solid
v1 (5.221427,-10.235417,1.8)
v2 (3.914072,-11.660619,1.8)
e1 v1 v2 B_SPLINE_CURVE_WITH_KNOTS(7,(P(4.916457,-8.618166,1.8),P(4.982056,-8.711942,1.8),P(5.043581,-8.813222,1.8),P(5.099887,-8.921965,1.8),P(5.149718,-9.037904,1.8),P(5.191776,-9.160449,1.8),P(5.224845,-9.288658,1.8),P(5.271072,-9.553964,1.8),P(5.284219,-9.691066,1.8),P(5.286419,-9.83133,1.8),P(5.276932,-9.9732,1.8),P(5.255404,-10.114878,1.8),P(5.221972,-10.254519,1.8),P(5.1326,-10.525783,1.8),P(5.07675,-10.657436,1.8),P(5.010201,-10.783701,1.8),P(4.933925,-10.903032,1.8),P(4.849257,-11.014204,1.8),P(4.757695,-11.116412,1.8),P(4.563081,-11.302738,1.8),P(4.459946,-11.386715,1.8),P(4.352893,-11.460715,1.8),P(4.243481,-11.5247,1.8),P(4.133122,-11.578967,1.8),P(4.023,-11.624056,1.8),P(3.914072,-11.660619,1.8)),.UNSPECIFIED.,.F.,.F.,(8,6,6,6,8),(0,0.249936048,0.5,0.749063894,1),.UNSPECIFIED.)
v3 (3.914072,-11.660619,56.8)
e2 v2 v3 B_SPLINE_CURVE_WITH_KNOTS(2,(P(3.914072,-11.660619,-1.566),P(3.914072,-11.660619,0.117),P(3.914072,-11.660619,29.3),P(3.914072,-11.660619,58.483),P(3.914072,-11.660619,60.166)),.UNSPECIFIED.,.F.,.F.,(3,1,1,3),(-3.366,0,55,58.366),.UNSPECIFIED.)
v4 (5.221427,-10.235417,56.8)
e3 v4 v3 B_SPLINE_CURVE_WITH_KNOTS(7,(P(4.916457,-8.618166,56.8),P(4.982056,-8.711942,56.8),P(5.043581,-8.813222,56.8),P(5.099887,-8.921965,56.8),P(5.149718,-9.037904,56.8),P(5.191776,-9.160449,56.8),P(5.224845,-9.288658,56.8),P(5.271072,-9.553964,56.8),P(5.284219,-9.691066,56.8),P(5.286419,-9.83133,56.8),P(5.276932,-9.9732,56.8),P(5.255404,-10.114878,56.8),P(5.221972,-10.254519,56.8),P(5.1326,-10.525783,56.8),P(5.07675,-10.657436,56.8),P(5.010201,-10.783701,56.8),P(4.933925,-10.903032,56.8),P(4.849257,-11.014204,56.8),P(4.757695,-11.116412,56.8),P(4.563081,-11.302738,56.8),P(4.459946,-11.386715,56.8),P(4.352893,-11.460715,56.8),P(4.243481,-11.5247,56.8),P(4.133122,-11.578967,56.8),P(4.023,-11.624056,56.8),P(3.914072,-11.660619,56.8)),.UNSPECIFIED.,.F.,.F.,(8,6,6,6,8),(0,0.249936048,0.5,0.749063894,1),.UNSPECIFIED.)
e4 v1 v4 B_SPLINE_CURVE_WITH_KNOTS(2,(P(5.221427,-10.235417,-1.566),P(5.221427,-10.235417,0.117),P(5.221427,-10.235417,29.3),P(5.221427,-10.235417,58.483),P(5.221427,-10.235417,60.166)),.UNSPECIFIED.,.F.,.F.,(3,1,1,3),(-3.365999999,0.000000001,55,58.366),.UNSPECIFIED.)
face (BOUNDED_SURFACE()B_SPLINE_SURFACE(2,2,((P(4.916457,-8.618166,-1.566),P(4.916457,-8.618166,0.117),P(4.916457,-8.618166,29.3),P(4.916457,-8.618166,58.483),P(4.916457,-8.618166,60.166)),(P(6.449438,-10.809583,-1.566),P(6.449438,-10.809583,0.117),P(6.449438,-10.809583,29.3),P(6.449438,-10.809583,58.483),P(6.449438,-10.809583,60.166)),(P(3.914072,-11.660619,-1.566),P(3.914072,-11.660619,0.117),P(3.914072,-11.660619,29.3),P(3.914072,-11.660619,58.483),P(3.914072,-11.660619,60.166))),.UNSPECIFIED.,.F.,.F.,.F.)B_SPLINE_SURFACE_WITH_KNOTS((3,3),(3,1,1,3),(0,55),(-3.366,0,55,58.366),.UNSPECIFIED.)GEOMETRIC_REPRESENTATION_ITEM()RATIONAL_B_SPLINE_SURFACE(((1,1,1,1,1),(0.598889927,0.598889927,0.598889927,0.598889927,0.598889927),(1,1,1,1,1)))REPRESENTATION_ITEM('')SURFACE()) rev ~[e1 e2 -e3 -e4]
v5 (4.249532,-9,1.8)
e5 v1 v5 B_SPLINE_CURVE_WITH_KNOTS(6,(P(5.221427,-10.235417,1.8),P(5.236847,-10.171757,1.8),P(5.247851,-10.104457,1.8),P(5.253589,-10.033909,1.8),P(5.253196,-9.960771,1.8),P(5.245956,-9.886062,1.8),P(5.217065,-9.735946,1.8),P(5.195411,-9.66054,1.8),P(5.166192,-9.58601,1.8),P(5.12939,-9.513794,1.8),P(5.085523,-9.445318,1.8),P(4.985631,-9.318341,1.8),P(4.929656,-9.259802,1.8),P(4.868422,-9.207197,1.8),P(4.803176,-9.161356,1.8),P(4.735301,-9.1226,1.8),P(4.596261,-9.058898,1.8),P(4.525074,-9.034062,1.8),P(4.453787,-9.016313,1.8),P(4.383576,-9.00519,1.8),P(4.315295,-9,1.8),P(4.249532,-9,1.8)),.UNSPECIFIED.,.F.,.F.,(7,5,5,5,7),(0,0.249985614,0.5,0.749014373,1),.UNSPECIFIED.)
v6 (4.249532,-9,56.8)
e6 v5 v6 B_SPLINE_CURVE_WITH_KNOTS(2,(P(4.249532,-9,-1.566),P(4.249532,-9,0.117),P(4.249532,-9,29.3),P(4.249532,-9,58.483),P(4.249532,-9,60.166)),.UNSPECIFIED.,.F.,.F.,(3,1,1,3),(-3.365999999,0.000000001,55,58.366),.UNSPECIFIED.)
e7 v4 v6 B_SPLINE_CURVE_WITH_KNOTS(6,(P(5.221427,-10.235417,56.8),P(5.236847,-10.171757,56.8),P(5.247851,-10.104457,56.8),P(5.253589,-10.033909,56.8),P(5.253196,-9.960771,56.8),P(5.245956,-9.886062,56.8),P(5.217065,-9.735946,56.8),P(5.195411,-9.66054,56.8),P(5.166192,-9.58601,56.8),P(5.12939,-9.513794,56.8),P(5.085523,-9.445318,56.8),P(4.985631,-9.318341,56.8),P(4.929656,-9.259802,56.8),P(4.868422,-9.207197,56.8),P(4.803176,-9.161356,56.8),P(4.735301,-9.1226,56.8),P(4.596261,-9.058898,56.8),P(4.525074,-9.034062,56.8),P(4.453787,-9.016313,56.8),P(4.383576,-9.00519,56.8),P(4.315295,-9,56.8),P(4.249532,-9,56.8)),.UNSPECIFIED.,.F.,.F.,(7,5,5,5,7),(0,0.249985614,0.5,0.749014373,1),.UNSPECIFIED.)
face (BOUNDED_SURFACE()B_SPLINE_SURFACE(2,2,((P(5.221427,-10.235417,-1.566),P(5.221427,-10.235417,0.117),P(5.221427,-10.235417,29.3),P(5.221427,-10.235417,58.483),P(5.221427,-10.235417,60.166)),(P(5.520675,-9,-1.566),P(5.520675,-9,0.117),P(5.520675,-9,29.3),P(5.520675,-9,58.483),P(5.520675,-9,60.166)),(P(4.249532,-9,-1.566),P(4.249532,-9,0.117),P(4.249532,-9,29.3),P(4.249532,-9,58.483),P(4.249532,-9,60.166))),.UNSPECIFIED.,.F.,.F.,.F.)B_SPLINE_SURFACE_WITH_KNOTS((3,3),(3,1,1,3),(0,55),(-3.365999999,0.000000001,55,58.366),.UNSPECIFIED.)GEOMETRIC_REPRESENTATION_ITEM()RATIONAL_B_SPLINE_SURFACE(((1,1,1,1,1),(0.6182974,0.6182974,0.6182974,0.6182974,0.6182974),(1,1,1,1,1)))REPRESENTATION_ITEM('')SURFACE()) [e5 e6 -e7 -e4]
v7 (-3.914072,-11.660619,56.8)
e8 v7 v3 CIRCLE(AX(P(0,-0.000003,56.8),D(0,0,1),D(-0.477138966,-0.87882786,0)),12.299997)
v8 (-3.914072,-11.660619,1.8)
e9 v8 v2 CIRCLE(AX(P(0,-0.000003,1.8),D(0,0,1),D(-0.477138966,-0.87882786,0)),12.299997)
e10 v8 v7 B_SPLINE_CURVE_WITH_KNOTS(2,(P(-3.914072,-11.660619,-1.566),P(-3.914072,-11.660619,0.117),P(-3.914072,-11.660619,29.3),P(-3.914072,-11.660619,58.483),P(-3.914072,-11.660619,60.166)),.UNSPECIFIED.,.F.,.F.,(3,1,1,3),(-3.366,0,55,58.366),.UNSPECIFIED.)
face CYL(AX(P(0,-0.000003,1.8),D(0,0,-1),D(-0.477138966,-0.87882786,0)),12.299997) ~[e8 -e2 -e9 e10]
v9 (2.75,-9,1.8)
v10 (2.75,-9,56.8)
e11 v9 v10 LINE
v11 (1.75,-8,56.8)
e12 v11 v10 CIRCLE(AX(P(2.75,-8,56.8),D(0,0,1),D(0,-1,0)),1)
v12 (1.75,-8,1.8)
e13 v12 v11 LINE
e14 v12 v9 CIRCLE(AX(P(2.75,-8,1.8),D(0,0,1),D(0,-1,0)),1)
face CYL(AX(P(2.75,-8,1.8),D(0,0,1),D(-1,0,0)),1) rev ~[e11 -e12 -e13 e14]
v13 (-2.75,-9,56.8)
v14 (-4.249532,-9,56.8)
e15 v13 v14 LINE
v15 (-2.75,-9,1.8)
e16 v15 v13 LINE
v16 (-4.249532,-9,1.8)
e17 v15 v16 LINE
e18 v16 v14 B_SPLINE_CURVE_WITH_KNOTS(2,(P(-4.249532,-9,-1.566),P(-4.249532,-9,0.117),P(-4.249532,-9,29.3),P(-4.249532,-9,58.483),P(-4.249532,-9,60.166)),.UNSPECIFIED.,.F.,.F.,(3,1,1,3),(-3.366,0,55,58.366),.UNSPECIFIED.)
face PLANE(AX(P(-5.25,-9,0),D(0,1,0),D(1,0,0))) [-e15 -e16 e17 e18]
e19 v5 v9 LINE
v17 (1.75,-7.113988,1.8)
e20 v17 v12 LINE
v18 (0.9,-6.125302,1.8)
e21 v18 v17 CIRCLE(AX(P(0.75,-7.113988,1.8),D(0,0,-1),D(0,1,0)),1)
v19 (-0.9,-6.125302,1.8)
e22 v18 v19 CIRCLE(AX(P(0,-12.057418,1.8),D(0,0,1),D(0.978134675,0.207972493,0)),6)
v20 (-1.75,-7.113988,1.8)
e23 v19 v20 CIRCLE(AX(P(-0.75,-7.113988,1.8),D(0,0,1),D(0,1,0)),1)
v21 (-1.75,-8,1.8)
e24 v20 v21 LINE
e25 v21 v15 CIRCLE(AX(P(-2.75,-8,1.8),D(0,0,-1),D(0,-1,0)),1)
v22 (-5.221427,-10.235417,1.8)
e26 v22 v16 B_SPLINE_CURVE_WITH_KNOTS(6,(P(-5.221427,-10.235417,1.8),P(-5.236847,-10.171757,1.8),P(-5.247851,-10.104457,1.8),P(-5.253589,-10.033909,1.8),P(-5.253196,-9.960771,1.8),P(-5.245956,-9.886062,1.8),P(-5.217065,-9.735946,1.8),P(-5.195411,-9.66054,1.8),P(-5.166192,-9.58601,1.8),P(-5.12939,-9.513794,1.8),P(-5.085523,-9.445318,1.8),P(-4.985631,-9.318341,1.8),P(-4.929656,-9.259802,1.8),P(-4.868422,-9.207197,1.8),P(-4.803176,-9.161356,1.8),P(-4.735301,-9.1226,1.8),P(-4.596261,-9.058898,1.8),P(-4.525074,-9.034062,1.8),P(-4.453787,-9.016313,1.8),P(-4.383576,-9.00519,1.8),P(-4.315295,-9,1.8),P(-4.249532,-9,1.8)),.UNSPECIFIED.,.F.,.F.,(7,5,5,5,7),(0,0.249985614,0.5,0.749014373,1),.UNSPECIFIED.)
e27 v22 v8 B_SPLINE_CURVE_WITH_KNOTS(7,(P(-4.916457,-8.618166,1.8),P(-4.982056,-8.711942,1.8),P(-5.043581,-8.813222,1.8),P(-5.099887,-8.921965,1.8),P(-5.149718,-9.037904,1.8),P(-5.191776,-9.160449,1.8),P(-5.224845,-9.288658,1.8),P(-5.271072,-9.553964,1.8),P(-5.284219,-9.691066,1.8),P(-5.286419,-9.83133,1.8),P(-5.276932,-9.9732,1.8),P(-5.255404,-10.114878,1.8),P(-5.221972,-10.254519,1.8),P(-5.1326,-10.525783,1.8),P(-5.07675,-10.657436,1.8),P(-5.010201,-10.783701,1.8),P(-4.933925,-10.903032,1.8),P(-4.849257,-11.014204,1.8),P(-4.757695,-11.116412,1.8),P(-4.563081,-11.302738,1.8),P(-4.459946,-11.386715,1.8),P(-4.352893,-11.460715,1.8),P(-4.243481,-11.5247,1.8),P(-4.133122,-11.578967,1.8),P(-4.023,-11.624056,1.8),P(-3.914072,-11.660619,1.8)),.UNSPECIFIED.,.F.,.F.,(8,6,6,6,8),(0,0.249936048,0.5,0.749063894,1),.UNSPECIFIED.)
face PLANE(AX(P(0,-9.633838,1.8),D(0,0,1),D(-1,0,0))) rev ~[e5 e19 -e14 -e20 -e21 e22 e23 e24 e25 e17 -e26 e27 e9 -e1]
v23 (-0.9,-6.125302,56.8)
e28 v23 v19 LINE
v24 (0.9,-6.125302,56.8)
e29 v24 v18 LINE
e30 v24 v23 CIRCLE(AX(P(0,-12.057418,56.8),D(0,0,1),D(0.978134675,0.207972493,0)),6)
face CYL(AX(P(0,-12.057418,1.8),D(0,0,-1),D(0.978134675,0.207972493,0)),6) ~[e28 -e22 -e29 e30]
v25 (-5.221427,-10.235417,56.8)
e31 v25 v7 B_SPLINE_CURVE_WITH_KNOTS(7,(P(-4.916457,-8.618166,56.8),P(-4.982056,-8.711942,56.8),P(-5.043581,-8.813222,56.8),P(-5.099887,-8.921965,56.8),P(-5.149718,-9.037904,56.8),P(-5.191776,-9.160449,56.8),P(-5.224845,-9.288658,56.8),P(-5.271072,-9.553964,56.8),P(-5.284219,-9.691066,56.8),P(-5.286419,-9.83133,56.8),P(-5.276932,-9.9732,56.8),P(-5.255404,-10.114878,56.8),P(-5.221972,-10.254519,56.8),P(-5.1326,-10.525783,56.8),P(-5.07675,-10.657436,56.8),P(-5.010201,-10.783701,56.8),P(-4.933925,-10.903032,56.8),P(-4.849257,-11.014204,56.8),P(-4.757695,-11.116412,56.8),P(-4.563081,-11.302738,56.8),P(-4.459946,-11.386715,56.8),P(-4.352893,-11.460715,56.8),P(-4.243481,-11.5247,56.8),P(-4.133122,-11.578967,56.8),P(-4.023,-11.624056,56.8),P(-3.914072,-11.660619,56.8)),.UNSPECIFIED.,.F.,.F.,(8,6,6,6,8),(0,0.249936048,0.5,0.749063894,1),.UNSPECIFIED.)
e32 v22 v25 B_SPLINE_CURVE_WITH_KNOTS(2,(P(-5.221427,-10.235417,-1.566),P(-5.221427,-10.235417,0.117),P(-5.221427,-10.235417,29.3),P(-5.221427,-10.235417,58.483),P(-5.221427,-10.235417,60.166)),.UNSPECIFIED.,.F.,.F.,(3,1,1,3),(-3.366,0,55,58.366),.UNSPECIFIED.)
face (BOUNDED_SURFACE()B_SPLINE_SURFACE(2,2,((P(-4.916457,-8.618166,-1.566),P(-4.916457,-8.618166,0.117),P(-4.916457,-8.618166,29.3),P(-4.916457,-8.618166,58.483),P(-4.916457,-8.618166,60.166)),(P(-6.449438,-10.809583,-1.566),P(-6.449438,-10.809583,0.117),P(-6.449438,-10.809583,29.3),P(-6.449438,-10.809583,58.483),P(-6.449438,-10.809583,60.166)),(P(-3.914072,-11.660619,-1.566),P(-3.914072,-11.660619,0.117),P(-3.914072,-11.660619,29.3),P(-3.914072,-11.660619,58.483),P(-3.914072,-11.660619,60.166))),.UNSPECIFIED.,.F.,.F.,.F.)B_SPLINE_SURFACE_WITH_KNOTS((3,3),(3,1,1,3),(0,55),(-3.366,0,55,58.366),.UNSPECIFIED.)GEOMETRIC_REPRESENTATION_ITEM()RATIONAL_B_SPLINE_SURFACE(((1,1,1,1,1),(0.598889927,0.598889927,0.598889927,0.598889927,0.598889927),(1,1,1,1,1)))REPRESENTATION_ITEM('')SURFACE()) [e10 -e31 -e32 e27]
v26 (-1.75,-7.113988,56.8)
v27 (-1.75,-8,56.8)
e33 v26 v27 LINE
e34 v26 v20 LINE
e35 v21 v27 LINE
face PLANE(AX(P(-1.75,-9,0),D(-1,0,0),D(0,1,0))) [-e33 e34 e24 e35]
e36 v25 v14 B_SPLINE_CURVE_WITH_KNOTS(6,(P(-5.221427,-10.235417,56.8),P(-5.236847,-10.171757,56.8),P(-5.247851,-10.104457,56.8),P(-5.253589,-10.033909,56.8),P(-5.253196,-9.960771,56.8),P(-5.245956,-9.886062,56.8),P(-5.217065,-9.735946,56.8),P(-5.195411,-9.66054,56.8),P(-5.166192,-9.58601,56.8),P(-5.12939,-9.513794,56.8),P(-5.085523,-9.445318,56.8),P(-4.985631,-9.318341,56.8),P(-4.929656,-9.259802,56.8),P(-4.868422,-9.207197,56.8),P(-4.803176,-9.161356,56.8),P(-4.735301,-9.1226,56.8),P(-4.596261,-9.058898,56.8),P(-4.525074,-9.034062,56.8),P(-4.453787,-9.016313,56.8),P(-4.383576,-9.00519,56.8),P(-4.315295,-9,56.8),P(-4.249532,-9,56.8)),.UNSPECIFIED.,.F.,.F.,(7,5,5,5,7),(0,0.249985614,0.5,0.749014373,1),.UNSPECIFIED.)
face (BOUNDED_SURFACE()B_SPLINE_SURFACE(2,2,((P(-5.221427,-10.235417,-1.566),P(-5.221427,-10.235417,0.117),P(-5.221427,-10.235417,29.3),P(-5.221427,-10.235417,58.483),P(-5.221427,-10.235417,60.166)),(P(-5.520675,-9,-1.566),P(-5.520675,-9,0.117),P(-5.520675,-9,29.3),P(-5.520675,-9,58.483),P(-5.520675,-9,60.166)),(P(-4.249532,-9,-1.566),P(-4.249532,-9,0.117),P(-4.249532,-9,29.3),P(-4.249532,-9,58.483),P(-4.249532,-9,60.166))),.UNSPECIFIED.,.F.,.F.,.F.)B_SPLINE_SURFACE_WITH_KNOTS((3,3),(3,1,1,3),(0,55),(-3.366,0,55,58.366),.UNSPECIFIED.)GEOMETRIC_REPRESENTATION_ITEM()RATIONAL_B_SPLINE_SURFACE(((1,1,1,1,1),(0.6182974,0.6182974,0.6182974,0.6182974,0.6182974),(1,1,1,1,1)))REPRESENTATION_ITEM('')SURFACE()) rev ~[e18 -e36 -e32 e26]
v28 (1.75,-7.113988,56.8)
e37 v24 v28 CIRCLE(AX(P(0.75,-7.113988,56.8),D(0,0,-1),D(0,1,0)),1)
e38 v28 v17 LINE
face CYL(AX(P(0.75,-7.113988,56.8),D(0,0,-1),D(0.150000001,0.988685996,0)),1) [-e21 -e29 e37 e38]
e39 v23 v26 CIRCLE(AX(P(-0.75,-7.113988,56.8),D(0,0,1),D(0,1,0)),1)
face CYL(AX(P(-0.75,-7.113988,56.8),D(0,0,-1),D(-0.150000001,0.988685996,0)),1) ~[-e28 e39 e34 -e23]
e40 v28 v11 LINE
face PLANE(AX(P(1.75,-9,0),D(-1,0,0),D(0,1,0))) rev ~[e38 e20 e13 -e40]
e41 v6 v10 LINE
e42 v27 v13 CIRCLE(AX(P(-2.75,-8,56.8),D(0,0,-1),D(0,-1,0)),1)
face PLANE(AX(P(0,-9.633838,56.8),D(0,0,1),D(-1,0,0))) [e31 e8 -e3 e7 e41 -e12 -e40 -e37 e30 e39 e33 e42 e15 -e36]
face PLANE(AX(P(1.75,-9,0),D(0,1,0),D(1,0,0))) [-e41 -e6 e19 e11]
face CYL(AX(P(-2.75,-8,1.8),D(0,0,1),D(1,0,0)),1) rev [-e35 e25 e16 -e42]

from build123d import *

# Parameters (mm, degrees)
BOX004_W                   = 3.5
BOX004_H                   = 3
BOX004_DEPTH               = 60
BOX003_W                   = 3.5
BOX003_H                   = 3
BOX003_DEPTH               = 60
EXTRUDE009_DEPTH           = 55
EXTRUDE009_PLACEMENT_ANGLE = 180
FILLET004_R                = 2
FILLET005_R                = 1


with BuildPart() as cubo_derecho_para_diferencia:
    # Box004 → Box004 (new body)
    with BuildSketch(Plane(origin=(1.75, -9, 0), x_dir=(1, 0, 0), z_dir=(0, 0, 1))):
        with Locations((1.75, 1.5)):
            Rectangle(BOX004_W, BOX004_H)
    extrude(amount=BOX004_DEPTH)


with BuildPart() as cubo_izquierdo_para_diferencia:
    # Box003 → Box003 (new body)
    with BuildSketch(Plane(origin=(-5.25, -9, 0), x_dir=(1, 0, 0), z_dir=(0, 0, 1))):
        with Locations((1.75, 1.5)):
            Rectangle(BOX003_W, BOX003_H)
    extrude(amount=BOX003_DEPTH)


with BuildPart() as barrote_final:
    # Sketch007 → Extrude009 (new body)
    with BuildSketch(Plane.XY):
        with BuildLine():
            ThreePointArc((-5.868808, 10.809583), (0, 6.057418), (5.868808, 10.809583))
            ThreePointArc((5.868808, 10.809583), (0, 12.3), (-5.868808, 10.809583))
        make_face()
    extrude(amount=EXTRUDE009_DEPTH)


with BuildPart() as barrote_final_1:
    # Extrude009 placement: moved
    add(barrote_final.part.moved(Location((0, 0, 1.8))).rotate(Axis((0, 0, 1.8), (0, 0, 1)), EXTRUDE009_PLACEMENT_ANGLE))

    # Fillet004
    fillet004_edges = [barrote_final_1.edges().sort_by_distance(p)[0] for p in [
        (5.868808, -10.809583, 29.3),
        (-5.868808, -10.809583, 29.3),
    ]]
    fillet(fillet004_edges, radius=FILLET004_R)

    # Cut002: cut Cubo izquierdo para diferencia
    add(cubo_izquierdo_para_diferencia.part, mode=Mode.SUBTRACT)

    # Cut003: cut Cubo derecho para diferencia
    add(cubo_derecho_para_diferencia.part, mode=Mode.SUBTRACT)

    # Fillet005
    fillet005_edges = [barrote_final_1.edges().sort_by_distance(p)[0] for p in [
        (-1.75, -6.318298, 29.3),
        (1.75, -6.318298, 29.3),
        (-1.75, -9, 29.3),
        (1.75, -9, 29.3),
        (5.125721, -9, 29.3),
        (-5.125721, -9, 29.3),
    ]]
    fillet(fillet005_edges, radius=FILLET005_R)


solid = barrote_final_1.part
